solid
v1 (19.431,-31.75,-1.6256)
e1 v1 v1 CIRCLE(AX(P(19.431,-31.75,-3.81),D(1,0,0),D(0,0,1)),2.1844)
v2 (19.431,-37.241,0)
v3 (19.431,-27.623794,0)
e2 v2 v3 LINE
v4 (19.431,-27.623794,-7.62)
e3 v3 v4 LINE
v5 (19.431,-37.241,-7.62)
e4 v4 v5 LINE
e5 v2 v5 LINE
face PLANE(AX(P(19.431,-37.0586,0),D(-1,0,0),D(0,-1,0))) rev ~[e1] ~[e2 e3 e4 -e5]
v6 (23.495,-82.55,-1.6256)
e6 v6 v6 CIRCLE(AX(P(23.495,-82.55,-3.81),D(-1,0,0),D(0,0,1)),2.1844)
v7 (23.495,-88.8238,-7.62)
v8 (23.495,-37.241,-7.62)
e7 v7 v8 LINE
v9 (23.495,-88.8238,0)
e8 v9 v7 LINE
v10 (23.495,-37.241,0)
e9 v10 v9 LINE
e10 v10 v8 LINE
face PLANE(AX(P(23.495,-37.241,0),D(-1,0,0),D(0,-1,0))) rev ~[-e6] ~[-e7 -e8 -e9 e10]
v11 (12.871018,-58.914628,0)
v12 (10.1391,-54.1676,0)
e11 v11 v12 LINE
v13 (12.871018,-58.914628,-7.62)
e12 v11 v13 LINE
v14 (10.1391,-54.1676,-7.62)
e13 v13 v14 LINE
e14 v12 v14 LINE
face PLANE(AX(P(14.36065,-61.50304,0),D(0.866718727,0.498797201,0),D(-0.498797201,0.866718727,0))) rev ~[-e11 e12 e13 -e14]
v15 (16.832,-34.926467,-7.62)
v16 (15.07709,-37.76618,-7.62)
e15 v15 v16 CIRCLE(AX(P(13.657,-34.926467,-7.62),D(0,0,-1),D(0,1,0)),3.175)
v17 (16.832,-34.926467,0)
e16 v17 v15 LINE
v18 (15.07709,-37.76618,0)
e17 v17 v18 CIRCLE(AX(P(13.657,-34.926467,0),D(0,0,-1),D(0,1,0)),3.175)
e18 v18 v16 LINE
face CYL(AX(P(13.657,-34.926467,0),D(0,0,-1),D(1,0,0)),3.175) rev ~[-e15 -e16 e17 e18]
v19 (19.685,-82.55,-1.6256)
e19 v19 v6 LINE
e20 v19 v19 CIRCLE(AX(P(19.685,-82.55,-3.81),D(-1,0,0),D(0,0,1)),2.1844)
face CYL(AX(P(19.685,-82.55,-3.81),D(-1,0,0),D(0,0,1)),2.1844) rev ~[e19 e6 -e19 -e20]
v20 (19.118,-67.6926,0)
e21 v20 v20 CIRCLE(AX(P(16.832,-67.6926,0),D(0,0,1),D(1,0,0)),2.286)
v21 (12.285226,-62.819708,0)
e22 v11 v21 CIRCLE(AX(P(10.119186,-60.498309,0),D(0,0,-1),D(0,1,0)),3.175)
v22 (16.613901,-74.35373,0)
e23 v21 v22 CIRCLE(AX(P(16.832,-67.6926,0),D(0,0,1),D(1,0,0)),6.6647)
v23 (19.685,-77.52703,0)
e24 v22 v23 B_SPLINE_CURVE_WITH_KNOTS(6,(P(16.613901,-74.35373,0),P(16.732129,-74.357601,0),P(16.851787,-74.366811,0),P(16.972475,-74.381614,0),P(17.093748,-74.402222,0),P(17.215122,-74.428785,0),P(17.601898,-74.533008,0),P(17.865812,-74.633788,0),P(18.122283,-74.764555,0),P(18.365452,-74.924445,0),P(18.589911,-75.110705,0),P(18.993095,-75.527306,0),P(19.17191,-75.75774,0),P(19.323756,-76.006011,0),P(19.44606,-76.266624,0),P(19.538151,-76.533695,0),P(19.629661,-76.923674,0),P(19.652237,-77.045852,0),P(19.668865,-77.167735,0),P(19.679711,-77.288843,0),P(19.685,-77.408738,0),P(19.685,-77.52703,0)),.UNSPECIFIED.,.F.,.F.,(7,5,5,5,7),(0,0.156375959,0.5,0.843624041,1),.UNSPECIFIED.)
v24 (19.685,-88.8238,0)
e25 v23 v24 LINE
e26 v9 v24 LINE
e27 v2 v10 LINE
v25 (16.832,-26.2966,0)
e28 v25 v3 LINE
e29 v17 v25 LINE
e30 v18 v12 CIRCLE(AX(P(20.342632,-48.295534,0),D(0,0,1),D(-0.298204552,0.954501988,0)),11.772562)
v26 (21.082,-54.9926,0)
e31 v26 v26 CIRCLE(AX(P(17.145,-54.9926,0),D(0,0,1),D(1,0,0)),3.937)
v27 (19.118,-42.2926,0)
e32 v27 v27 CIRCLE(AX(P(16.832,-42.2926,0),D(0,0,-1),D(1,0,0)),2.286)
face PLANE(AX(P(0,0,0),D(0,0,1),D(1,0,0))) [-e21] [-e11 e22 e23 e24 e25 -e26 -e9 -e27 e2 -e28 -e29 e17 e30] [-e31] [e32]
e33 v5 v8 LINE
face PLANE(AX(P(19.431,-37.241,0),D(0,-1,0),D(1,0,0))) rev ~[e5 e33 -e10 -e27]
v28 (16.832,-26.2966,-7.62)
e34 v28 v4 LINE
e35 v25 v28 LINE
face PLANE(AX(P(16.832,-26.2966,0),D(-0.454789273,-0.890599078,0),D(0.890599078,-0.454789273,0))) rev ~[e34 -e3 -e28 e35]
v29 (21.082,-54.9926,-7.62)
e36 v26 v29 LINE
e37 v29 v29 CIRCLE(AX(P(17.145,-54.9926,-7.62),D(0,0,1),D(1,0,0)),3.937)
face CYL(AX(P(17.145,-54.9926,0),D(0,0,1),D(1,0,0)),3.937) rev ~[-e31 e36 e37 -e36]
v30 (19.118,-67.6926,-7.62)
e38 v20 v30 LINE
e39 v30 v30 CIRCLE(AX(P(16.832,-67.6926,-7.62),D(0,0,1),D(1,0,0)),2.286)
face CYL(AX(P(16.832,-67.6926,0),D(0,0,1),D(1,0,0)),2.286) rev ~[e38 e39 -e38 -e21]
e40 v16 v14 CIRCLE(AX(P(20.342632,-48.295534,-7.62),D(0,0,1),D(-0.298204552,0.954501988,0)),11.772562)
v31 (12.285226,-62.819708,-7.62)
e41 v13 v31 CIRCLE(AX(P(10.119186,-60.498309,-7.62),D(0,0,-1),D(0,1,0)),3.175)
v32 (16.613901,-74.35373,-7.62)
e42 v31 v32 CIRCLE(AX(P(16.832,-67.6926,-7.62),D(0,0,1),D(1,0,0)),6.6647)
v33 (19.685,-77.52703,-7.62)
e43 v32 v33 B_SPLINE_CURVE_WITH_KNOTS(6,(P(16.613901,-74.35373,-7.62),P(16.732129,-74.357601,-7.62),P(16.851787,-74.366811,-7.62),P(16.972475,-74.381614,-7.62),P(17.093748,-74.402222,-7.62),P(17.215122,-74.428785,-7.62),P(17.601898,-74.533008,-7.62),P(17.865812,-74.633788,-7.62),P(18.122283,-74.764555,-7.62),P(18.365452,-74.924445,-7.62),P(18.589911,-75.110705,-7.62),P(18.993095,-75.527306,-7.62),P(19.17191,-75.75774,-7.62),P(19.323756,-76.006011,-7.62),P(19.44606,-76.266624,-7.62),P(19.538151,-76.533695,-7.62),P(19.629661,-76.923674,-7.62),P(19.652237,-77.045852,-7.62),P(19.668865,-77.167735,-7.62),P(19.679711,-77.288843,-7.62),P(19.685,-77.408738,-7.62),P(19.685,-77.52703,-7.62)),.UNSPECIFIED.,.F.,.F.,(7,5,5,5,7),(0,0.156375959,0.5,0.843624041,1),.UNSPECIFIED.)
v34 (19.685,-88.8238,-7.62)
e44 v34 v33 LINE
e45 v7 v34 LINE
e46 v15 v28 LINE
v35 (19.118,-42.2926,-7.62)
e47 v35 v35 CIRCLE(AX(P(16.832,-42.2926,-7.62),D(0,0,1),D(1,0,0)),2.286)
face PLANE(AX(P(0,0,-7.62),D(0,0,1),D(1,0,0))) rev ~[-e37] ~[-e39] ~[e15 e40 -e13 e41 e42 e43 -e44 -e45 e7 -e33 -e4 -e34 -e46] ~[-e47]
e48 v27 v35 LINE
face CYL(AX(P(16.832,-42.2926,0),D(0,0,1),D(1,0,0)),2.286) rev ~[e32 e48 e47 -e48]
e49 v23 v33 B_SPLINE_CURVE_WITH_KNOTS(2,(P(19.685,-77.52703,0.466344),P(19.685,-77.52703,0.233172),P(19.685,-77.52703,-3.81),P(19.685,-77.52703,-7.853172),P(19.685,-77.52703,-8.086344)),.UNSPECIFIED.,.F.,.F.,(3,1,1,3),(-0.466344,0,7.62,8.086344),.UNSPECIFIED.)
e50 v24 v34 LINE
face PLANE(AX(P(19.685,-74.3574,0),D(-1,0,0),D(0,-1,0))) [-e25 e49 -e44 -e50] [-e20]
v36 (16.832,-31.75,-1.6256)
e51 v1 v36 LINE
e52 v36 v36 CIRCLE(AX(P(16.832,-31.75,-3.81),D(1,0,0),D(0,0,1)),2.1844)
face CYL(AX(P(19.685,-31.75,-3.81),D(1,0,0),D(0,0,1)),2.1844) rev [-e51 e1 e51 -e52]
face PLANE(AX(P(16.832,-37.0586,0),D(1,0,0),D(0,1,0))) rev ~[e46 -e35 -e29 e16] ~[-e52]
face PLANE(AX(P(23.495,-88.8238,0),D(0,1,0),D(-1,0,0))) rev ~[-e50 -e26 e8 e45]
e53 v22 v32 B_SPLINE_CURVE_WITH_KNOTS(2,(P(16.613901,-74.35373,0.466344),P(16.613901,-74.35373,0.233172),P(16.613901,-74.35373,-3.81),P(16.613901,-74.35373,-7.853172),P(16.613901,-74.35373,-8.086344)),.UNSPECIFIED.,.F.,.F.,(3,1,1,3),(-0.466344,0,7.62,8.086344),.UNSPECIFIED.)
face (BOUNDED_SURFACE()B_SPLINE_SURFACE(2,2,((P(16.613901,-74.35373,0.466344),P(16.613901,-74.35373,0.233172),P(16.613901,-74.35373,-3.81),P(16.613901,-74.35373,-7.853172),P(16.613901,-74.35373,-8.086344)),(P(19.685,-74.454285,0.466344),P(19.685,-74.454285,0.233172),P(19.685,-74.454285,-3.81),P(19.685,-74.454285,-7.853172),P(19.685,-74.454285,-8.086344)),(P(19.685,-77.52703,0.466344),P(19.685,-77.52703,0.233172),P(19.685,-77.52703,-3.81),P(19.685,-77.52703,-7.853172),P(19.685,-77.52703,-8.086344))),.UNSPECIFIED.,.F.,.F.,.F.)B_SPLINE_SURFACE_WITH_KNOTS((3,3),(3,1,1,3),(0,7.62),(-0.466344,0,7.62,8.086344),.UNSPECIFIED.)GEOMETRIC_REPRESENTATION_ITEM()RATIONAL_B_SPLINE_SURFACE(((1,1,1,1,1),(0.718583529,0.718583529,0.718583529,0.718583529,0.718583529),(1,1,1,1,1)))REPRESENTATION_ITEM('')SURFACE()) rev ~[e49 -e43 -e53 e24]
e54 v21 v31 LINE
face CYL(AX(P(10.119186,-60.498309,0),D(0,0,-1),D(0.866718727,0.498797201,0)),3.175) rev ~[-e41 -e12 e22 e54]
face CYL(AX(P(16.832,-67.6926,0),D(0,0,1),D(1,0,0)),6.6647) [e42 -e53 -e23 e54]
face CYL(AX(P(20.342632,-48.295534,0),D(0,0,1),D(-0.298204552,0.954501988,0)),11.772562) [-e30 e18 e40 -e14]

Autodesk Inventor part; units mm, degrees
ref_plane "YZ Plane" through (0, 0, 0) normal (1, 0, 0) x (0, 1, 0)
ref_plane "Work Plane1" through (0, 0, 0) normal (0, 0, 1) x (1, 0, 0)
ref_plane "Work Plane2" through (-23.495, -37.0586, -7.62) normal (0, 0, -1) x (0, 1, 0)
sketch "Sketch1" plane through (0, 0, 0) normal (0, 0, 1) x (1, 0, 0)
  circle A0 centre (-14.605, 0) radius 3.81
  line L0 (23.495, -13.6398) -> (23.495, -75.1078)
  line L1 (-14.605, 0) -> (17.145, -54.9926) construction
  circle A1 centre (17.145, -54.9926) radius 3.937
  line L2 (-14.605, 0) -> (17.145, 54.9926) construction
  circle A2 centre (17.145, 54.9926) radius 2.286
  line L3 (19.685, -33.9344) -> (23.495, -33.9344)
  line L4 (19.685, -29.5656) -> (23.495, -29.5656)
  line L5 (23.495, -46.7614) -> (25.0825, -46.7614)
  line L6 (23.495, -72.1614) -> (25.0825, -72.1614)
  line L7 (23.495, -67.5386) -> (25.0825, -67.5386)
  line L8 (23.495, -76.1238) -> (25.0825, -76.1238)
  line L9 (10.1391, -54.1676) -> (16.832, -37.0586)
  line L10 (16.832, -37.0586) -> (16.832, -26.036)
  line L11 (19.685, -27.493) -> (-18.6482, -7.9174)
  line L12 (19.685, -27.493) -> (19.685, -37.0586)
  line L13 (19.685, -37.0586) -> (23.495, -37.0586)
  line L14 (23.495, -37.0586) -> (23.495, -64.1344)
  line L15 (23.495, -64.1344) -> (15.875, -64.1344)
  line L16 (19.685, -64.1344) -> (19.685, -76.1238)
  line L17 (19.685, -76.1238) -> (23.495, -76.1238)
  line L18 (15.875, -64.1344) -> (10.1391, -54.1676)
  line L19 (19.431, -27.3632) -> (19.431, -37.0586)
  line L20 (19.431, -37.0586) -> (19.685, -37.0586)
  line L21 (16.832, -26.2966) -> (19.685, -27.7535)
  line L22 (19.431, -37.0586) -> (19.431, -37.241)
  line L23 (19.431, -37.241) -> (23.495, -37.241)
  line L24 (23.495, -76.1238) -> (23.495, -64.1344)
  circle A3 centre (16.832, -42.2926) radius 2.286
  circle A4 centre (16.832, -67.6926) radius 2.286
  arc A5 (16.832, -37.0586) -> (10.1391, -54.1676) centre (20.3426, -48.2955) ccw
  circle A6 centre (16.832, -67.6926) radius 6.6647
  line L25 (16.832, -74.3574) -> (23.495, -74.3574)
  line L26 (23.495, -76.1238) -> (23.495, -88.8238)
  line L27 (23.495, -88.8238) -> (19.685, -88.8238)
  line L28 (19.685, -88.8238) -> (19.685, -76.1238)
  point P0 (0, 0)
  point P1 (23.495, -37.241)
  point P2 (19.431, -27.6238)
  point P3 (14.3606, -61.503)
  point P4 (19.685, -74.3574)
extrude "Extrusion1" add sketch "Sketch1" against normal up to surface (7.62 mm away) contours L0 L15 A6 L18 L9 A3 L10 L21 L19 L22 L23 | L0 A6 L15 | L9 A3 A5 | L0 A6 L16 L15 | L15 L18 A6 | L0 L25 L16 A6 | L16 A6 L18 L15 | L16 L25 A6 | L0 L24 L17 L16 L25 | L17 L26 L27 L28
sketch "Sketch2" plane through (19.685, -76.1238, 0) normal (-1, 0, 0) x (0, 0, 1)
  circle A0 centre (-3.81, 6.2738) radius 2.1844 projected
  circle A1 centre (-3.81, 44.3738) radius 2.1844 projected
  circle A2 centre (-3.81, 44.3738) radius 2.1844 projected
  circle A3 centre (-3.81, -6.4262) radius 2.1844
  point P0 (0, 76.1238)
  dimension "d22" = 50.8
extrude "Extrusion2" cut sketch "Sketch2" along normal mid plane 25.4 contours A1 | A3
fillet "Fillet1" radius 3.175 2 edges at (14.3606, -61.503, -3.81) (16.832, -37.0586, -3.81)
fillet "Fillet2" radius 3.175 1 edges at (19.685, -74.3574, -3.81)
properties part number "DrivenMotorMount"
